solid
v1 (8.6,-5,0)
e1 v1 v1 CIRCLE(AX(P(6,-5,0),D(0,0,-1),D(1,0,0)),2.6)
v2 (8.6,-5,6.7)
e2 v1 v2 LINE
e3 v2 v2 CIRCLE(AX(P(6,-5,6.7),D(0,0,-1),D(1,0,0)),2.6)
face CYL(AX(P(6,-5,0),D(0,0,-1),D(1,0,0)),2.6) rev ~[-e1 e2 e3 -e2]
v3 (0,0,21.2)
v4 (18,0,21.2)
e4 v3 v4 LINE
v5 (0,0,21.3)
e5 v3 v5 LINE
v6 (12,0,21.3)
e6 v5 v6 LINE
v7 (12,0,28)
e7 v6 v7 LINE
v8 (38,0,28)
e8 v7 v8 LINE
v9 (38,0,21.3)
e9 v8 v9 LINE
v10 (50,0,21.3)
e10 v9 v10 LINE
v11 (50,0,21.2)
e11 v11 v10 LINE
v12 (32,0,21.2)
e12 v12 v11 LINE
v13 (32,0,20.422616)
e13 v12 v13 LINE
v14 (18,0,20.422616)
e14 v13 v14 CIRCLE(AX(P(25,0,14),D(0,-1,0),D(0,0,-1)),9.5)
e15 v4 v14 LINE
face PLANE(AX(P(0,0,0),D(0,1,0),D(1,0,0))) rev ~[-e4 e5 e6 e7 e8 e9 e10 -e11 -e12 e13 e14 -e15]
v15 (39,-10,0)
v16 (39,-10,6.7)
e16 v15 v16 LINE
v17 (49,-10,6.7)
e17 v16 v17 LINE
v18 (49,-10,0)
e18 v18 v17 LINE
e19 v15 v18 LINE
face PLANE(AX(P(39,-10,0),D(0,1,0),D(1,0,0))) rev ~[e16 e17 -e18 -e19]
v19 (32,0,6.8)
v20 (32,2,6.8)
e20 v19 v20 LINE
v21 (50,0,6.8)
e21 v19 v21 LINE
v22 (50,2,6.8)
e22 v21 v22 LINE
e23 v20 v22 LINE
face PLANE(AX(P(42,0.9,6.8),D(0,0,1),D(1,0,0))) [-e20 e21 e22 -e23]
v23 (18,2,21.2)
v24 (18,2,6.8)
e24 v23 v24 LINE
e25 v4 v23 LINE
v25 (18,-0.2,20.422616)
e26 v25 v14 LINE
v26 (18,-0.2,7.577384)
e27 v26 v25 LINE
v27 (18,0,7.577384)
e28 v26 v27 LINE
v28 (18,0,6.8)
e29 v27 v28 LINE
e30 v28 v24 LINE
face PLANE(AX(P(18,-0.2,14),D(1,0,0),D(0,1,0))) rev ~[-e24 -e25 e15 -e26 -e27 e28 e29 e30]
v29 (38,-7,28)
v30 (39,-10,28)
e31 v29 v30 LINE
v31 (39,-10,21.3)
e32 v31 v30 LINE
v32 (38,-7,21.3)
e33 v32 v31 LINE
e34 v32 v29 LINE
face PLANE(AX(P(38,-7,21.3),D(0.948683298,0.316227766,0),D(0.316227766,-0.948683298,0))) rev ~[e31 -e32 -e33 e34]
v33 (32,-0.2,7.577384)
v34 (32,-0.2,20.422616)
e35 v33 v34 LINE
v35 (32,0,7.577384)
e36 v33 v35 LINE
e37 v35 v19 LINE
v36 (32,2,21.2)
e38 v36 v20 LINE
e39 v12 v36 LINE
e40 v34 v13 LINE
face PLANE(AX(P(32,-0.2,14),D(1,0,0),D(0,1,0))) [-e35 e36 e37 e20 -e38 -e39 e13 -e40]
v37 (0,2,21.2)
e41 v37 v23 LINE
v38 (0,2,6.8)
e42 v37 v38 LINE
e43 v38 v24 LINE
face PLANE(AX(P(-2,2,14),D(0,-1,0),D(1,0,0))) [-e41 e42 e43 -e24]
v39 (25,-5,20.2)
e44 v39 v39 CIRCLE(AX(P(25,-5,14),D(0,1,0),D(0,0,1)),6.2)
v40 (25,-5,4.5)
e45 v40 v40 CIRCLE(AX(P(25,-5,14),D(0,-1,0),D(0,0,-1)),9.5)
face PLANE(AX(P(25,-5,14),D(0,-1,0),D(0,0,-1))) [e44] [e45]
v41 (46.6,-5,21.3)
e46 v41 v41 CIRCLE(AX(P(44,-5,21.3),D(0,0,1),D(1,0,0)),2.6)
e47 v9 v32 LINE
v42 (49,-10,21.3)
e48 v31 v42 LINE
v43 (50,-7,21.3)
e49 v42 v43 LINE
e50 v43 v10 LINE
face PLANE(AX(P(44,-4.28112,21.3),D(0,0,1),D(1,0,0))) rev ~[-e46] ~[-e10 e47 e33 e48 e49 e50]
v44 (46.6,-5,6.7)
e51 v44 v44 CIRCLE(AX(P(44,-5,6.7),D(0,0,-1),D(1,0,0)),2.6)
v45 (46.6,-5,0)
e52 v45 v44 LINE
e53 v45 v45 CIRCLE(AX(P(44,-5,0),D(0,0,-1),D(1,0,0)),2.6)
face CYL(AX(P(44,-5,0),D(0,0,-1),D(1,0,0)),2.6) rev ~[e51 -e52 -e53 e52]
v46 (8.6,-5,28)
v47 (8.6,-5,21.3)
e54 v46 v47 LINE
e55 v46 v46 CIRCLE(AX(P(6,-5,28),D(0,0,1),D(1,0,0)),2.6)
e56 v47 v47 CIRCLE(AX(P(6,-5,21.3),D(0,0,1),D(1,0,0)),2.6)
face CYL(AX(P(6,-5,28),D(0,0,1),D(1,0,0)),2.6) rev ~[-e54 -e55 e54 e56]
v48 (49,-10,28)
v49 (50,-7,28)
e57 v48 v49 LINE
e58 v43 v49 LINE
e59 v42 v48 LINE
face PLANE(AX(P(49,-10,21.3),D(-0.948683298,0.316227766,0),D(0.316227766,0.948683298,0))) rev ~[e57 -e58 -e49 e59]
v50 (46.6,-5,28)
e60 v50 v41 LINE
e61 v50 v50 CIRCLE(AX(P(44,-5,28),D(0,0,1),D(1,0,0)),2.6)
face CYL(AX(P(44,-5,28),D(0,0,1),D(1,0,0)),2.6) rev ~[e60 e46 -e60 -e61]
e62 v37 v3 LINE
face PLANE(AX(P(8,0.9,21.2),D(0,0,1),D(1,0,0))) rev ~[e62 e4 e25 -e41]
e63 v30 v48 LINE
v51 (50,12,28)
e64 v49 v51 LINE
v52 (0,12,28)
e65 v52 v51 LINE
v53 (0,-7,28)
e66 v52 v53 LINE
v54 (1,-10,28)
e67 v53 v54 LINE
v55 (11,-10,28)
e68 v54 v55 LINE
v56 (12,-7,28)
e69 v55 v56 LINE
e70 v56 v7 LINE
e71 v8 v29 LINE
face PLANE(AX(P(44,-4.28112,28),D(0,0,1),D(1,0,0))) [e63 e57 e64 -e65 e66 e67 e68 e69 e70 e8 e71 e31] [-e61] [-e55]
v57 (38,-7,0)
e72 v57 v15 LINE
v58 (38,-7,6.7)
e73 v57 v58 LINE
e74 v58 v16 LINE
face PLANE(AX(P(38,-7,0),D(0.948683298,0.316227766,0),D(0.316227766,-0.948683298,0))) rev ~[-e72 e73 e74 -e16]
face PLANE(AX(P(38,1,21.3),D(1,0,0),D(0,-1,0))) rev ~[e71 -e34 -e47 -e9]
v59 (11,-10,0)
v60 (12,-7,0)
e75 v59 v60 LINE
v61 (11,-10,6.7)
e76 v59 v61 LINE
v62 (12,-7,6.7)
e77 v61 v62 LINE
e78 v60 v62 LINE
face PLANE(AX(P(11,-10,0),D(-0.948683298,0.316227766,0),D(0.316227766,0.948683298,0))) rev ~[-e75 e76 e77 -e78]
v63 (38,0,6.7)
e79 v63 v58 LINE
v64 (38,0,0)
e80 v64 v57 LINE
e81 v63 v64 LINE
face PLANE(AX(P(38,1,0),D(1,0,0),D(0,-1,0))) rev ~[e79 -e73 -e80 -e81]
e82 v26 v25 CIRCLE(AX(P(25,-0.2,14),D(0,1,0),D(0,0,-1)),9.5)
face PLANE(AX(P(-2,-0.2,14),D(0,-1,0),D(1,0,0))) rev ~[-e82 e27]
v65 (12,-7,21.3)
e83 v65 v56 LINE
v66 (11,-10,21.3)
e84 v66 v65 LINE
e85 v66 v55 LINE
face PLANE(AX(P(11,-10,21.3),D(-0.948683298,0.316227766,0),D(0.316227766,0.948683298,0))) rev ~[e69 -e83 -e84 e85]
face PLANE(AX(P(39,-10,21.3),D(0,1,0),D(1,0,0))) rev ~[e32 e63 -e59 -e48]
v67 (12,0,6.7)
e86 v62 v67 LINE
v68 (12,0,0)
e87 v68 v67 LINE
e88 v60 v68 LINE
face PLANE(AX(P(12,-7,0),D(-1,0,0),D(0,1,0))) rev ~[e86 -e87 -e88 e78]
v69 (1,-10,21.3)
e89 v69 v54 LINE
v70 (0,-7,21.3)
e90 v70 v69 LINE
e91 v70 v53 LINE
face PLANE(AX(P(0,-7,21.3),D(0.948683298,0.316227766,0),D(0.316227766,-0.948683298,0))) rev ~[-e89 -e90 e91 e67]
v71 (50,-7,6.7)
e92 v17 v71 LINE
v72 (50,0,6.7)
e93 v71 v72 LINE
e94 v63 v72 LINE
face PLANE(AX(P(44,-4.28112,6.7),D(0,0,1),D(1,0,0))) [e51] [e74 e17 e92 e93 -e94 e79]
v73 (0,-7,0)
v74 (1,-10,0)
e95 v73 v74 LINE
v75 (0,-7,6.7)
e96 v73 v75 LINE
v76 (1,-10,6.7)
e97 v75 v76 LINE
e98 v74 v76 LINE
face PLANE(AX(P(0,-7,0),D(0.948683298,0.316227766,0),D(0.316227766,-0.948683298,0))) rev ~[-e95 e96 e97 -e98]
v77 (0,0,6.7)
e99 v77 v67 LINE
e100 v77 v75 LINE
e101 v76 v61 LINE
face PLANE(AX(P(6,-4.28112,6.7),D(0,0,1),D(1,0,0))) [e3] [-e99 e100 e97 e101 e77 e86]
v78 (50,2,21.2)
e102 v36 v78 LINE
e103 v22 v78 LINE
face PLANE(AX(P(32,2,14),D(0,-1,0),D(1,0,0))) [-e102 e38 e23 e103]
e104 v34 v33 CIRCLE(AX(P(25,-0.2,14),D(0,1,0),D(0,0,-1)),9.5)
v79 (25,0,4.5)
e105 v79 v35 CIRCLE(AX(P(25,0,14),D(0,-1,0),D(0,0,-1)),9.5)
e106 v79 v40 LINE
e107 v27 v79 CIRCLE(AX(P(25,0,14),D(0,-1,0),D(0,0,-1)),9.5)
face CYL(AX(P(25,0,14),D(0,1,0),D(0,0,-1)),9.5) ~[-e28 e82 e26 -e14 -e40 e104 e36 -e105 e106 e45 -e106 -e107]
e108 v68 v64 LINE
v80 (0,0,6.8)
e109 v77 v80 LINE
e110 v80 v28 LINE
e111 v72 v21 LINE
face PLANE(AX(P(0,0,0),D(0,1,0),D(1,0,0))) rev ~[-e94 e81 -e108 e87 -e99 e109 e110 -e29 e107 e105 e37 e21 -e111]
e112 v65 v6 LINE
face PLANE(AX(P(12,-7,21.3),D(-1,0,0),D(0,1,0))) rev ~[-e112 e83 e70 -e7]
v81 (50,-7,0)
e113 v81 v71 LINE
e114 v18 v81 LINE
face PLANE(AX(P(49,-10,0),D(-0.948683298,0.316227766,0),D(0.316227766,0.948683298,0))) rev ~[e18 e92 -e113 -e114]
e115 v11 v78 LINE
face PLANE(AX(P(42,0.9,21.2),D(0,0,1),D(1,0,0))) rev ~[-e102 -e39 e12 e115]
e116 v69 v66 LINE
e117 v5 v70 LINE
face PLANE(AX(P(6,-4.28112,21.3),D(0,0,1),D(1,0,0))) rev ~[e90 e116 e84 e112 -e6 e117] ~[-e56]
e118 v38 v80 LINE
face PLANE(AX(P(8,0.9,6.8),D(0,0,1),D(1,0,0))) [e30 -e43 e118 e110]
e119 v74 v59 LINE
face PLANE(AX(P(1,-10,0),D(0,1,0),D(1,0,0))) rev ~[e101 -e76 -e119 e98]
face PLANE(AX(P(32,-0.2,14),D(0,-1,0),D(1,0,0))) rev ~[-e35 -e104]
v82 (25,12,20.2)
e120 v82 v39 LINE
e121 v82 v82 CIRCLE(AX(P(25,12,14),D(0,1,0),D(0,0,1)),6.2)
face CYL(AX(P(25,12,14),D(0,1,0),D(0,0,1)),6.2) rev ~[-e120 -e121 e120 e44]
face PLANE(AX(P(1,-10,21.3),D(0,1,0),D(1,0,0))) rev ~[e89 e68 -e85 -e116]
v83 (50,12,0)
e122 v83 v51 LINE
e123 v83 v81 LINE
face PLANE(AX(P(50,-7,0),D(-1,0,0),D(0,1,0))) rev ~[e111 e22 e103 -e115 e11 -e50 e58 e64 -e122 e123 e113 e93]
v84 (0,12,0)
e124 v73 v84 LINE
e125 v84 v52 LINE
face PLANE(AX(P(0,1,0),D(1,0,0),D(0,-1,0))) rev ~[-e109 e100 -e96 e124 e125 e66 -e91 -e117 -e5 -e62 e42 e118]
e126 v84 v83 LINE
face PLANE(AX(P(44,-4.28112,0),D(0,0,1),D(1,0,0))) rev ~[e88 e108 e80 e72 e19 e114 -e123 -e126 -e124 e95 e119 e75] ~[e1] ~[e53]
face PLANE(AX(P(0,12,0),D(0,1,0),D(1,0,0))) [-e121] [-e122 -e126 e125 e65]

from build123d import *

# Parameters (mm, degrees)
SKETCH_1_W                 = 50
SKETCH_1_H                 = 12
UPPER_CROSSBAR_DEPTH       = 28
SKETCH_2_R                 = 9.5
LOWER_GUIDE_SLEEVE_DEPTH   = 5
SKETCH_3_R                 = 6.2
SPINDLE_THROUGH_BORE_DEPTH = 60.774576536
UPPER_HINGE_EAR_DEPTH      = 6.7
SKETCH_6_R                 = 2.6
UPPER_HINGE_BORE_DEPTH     = 59.549124673
EXTRUDE_2_DEPTH            = 6.7
SKETCH_8_R                 = 2.6
CUT_EXTRUDE_2_DEPTH        = 59.549124673
OPPOSITE_HINGE_EAR_DEPTH   = 6.7
SKETCH_10_R                = 2.6
OPPOSITE_HINGE_BORE_DEPTH  = 59.549124673
EXTRUDE_4_DEPTH            = 6.7
SKETCH_12_R                = 2.6
CUT_EXTRUDE_4_DEPTH        = 59.549124673
SKETCH_14_W                = 20
SKETCH_14_H                = 2.2
ARM_SWING_CLEARANCE_DEPTH  = 7.2
SKETCH_15_W                = 20
SKETCH_15_H                = 2.2
CUT_EXTRUDE_6_DEPTH        = 7.2


with BuildPart() as part:
    # 草图1 → Upper_crossbar (new body)
    with BuildSketch(Plane.XY):
        with Locations((25, 6)):
            Rectangle(SKETCH_1_W, SKETCH_1_H)
    extrude(amount=UPPER_CROSSBAR_DEPTH)

    # 草图2 → Lower_guide_sleeve (add)
    with BuildSketch(Plane.XZ):
        with Locations(Location((25, 14, 0), (0, 0, 270))):
            Circle(SKETCH_2_R)
    extrude(amount=LOWER_GUIDE_SLEEVE_DEPTH)

    # 草图3 → Spindle_through_bore (cut, through all)
    with BuildSketch(Plane(origin=(0, 12, 0), x_dir=(1, 0, 0), z_dir=(0, 1, 0))):
        with Locations(Location((25, -14, 0), (0, 0, 270))):
            Circle(SKETCH_3_R)
    extrude(amount=-SPINDLE_THROUGH_BORE_DEPTH, mode=Mode.SUBTRACT)

    # 草图5 → Upper_hinge_ear (add)
    with BuildSketch(Plane.XY.offset(21.3)):
        Polygon((1, -10), (11, -10), (12, -7), (12, 1), (0, 1), (0, -7), align=None)
    extrude(amount=UPPER_HINGE_EAR_DEPTH)

    # 草图6 → Upper_hinge_bore (cut, through all)
    with BuildSketch(Plane.XY.offset(28)):
        with Locations((6, -5)):
            Circle(SKETCH_6_R)
    extrude(amount=-UPPER_HINGE_BORE_DEPTH, mode=Mode.SUBTRACT)

    # 草图7 → 凸台-拉伸2 (add)
    with BuildSketch(Plane.XY.offset(21.3)):
        Polygon((39, -10), (49, -10), (50, -7), (50, 1), (38, 1), (38, -7), align=None)
    extrude(amount=EXTRUDE_2_DEPTH)

    # 草图8 → 切除-拉伸2 (cut, through all)
    with BuildSketch(Plane.XY.offset(28)):
        with Locations((44, -5)):
            Circle(SKETCH_8_R)
    extrude(amount=-CUT_EXTRUDE_2_DEPTH, mode=Mode.SUBTRACT)

    # 草图9 → Opposite_hinge_ear (add)
    with BuildSketch(Plane.XY):
        Polygon((1, -10), (11, -10), (12, -7), (12, 1), (0, 1), (0, -7), align=None)
    extrude(amount=OPPOSITE_HINGE_EAR_DEPTH)

    # 草图10 → Opposite_hinge_bore (cut, through all)
    with BuildSketch(Plane(origin=(0, 0, 0), x_dir=(-1, 0, 0), z_dir=(0, 0, -1))):
        with Locations(Location((-6, -5, 0), (0, 0, 180))):
            Circle(SKETCH_10_R)
    extrude(amount=-OPPOSITE_HINGE_BORE_DEPTH, mode=Mode.SUBTRACT)

    # 草图11 → 凸台-拉伸4 (add)
    with BuildSketch(Plane.XY):
        Polygon((39, -10), (49, -10), (50, -7), (50, 1), (38, 1), (38, -7), align=None)
    extrude(amount=EXTRUDE_4_DEPTH)

    # 草图12 → 切除-拉伸4 (cut, through all)
    with BuildSketch(Plane(origin=(0, 0, 0), x_dir=(-1, 0, 0), z_dir=(0, 0, -1))):
        with Locations(Location((-44, -5, 0), (0, 0, 180))):
            Circle(SKETCH_12_R)
    extrude(amount=-CUT_EXTRUDE_4_DEPTH, mode=Mode.SUBTRACT)

    # 草图14 → Arm_swing_clearance (cut, symmetric)
    with BuildSketch(Plane.XY.offset(14)):
        with Locations((8, 0.9)):
            Rectangle(SKETCH_14_W, SKETCH_14_H)
    extrude(amount=ARM_SWING_CLEARANCE_DEPTH, both=True, mode=Mode.SUBTRACT)

    # 草图15 → 切除-拉伸6 (cut, symmetric)
    with BuildSketch(Plane.XY.offset(14)):
        with Locations((42, 0.9)):
            Rectangle(SKETCH_15_W, SKETCH_15_H)
    extrude(amount=CUT_EXTRUDE_6_DEPTH, both=True, mode=Mode.SUBTRACT)


solid = part.part
